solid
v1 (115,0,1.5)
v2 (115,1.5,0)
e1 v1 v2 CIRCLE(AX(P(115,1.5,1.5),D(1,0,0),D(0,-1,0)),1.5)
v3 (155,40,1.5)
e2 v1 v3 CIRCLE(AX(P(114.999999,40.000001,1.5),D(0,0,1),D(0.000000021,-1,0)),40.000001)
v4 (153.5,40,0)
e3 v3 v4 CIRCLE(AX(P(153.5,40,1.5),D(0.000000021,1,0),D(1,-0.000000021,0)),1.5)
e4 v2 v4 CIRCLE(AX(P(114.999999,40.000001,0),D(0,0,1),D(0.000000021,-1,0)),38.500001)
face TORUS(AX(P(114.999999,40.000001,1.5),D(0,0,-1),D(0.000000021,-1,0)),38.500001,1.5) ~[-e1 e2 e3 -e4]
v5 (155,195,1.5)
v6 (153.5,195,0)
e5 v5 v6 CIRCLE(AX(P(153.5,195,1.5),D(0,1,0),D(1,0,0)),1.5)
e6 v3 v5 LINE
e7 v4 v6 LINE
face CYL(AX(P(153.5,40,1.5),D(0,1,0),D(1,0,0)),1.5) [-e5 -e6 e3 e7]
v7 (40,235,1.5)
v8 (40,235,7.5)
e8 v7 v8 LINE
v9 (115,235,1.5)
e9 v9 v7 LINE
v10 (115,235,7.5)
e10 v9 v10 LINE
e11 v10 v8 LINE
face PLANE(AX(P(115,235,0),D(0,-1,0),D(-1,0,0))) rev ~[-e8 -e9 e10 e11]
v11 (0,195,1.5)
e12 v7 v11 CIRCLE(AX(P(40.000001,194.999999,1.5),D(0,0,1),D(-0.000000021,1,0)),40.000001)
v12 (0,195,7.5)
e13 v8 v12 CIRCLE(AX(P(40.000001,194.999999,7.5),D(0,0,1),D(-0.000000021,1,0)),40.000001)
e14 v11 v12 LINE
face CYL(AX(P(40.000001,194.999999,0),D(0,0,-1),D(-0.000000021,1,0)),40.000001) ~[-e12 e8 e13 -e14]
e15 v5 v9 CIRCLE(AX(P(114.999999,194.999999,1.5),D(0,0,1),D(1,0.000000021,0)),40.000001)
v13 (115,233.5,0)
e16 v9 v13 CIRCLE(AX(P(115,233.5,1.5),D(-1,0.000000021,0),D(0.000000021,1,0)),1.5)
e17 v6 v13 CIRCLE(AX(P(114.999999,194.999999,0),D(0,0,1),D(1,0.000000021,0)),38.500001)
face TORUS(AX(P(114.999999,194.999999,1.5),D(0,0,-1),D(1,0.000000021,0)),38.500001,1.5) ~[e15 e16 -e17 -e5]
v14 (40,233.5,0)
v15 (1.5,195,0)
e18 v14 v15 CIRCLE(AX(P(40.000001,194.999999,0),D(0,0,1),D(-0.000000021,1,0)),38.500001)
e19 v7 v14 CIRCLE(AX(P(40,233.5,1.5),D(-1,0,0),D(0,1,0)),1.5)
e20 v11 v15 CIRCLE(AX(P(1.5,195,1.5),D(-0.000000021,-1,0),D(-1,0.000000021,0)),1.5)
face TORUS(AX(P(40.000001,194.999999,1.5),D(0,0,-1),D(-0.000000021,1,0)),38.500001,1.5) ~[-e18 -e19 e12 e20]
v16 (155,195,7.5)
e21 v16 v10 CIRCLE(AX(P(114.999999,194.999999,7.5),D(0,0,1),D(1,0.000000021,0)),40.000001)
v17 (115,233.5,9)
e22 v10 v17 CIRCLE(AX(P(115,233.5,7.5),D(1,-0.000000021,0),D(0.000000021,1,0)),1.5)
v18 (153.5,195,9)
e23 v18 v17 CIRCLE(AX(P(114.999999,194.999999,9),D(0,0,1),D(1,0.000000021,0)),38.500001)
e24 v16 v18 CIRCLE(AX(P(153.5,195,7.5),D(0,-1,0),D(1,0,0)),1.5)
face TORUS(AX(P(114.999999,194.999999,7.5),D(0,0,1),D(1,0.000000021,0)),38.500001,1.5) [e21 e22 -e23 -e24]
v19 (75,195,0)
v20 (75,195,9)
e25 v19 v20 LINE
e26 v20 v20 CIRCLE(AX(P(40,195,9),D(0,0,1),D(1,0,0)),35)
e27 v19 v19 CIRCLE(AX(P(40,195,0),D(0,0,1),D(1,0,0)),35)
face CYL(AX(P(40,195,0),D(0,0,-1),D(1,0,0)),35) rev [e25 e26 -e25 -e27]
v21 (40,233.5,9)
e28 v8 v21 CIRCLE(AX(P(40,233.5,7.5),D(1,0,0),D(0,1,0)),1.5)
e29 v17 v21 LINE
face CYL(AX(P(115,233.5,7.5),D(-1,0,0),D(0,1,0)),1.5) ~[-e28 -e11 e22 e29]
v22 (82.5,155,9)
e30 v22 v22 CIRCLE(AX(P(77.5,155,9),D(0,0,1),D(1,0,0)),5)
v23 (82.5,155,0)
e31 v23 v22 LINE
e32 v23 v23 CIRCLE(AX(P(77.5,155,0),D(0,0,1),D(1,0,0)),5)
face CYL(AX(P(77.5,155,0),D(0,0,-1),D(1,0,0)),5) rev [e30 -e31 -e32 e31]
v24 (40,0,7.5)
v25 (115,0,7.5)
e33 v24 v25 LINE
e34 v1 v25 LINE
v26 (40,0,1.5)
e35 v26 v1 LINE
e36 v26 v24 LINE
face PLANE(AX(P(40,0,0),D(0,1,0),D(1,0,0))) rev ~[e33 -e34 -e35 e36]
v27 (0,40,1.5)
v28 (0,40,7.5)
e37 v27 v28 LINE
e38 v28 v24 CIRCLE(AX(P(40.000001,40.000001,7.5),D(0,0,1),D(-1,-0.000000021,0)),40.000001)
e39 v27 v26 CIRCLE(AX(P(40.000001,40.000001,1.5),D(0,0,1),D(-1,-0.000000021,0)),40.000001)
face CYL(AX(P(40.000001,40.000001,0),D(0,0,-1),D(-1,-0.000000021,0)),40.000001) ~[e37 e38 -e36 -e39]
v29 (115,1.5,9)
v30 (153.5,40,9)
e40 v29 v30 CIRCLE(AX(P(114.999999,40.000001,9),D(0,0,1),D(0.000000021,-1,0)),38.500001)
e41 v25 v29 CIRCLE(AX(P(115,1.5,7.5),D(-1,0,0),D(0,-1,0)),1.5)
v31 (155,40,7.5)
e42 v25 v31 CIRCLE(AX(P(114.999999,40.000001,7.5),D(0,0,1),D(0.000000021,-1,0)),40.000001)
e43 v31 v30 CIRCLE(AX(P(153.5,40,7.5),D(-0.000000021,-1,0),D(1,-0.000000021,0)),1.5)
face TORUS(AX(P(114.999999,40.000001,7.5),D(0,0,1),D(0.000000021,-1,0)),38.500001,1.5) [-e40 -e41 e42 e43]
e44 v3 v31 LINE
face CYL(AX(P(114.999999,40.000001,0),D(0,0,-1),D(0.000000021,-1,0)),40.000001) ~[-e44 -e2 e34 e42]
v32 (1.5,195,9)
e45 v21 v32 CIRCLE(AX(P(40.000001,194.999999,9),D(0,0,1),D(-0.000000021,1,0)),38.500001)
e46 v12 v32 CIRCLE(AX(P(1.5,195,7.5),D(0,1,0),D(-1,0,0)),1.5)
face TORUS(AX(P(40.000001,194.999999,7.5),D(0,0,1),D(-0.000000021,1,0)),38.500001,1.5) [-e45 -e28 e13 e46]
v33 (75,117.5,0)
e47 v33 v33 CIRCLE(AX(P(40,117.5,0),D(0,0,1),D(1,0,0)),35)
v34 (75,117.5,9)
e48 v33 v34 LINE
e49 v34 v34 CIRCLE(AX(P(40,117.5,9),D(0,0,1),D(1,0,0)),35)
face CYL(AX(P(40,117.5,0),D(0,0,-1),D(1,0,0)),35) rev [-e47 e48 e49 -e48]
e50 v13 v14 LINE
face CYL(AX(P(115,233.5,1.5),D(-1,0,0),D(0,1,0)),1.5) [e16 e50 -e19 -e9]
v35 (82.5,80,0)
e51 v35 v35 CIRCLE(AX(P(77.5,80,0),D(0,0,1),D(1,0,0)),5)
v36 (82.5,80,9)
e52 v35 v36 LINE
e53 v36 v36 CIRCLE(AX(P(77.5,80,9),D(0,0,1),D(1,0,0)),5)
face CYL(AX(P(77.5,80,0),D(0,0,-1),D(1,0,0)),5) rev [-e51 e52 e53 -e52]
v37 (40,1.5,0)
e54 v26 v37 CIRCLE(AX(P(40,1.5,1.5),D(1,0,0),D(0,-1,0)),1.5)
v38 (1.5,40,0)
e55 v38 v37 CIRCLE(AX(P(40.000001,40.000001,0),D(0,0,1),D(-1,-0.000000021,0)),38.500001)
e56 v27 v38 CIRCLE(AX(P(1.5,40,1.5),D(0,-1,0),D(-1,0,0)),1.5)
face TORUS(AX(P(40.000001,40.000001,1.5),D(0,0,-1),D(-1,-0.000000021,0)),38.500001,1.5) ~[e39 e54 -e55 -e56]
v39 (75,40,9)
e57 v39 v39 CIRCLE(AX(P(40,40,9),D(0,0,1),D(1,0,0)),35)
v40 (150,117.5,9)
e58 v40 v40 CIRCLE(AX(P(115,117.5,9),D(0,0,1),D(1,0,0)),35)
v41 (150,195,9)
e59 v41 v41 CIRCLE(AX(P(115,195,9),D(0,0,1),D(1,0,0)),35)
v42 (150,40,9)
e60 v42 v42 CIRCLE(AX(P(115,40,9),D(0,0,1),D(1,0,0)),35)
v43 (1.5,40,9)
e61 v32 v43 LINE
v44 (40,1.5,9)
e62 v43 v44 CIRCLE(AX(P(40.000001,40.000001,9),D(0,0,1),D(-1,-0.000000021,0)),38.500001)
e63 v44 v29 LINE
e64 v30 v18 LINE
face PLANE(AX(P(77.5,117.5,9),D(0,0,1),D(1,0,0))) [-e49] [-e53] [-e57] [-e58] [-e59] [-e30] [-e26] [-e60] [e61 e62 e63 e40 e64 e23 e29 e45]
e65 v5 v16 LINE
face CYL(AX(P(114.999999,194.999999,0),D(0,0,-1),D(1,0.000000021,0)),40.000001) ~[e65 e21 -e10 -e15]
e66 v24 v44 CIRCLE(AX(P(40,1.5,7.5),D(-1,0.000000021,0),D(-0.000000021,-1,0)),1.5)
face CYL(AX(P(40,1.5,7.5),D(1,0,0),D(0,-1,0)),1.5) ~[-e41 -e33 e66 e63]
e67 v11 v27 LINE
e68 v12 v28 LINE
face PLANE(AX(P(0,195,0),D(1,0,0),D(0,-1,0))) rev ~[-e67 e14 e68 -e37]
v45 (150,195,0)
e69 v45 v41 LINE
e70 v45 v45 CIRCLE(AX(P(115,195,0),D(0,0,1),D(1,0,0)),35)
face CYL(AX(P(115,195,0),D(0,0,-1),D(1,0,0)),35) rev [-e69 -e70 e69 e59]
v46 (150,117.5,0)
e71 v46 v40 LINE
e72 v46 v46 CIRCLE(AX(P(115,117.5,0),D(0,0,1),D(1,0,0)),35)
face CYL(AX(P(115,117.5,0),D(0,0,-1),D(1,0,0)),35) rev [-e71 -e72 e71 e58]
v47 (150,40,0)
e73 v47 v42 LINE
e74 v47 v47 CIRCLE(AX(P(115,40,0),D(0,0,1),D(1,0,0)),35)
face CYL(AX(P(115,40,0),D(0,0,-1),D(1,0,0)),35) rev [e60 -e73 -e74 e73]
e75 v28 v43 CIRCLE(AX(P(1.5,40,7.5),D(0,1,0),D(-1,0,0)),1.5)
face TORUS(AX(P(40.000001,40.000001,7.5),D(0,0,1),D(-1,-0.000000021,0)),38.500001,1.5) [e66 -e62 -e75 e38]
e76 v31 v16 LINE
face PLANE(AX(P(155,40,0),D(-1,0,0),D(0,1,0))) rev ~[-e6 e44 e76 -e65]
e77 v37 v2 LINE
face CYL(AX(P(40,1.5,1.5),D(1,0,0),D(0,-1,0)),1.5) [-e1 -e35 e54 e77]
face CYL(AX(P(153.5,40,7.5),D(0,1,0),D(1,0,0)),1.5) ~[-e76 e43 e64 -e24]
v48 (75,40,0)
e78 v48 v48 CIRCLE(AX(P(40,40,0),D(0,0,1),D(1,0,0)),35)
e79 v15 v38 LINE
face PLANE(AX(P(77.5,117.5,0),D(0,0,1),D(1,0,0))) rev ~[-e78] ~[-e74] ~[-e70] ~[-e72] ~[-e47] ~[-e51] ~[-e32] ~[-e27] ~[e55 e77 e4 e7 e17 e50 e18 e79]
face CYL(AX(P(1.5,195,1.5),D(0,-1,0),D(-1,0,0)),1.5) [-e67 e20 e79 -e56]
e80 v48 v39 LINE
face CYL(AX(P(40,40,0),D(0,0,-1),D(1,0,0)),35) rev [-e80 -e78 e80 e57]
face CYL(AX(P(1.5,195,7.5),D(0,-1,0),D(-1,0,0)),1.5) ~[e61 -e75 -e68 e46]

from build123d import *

# Parameters (mm, degrees)
F0_R     = 35
F0_R_2   = 5
F1_DEPTH = 9
F2_R     = 1.5


with BuildPart() as f1:
    # F0 (on Top) → F1 (new body)
    with BuildSketch(Plane.XY):
        with BuildLine():
            ThreePointArc((0, 40), (11.715729, 11.715729), (40, 0))
            Line((40, 0), (115, 0))
            ThreePointArc((115, 0), (143.284271, 11.715729), (155, 40))
            Line((155, 40), (155, 195))
            ThreePointArc((155, 195), (143.284271, 223.284271), (115, 235))
            Line((115, 235), (40, 235))
            ThreePointArc((40, 235), (11.715729, 223.284271), (0, 195))
            Line((0, 195), (0, 40))
        make_face()
        with Locations((40, 40)):
            Circle(F0_R, mode=Mode.SUBTRACT)
        with Locations((115, 40)):
            Circle(F0_R, mode=Mode.SUBTRACT)
        with Locations((77.5, 80)):
            Circle(F0_R_2, mode=Mode.SUBTRACT)
        with Locations((40, 117.5)):
            Circle(F0_R, mode=Mode.SUBTRACT)
        with Locations((40, 195)):
            Circle(F0_R, mode=Mode.SUBTRACT)
        with Locations((115, 117.5)):
            Circle(F0_R, mode=Mode.SUBTRACT)
        with Locations((77.5, 155)):
            Circle(F0_R_2, mode=Mode.SUBTRACT)
        with Locations((115, 195)):
            Circle(F0_R, mode=Mode.SUBTRACT)
    extrude(amount=F1_DEPTH)

    # F2
    f2_edges = [f1.edges().sort_by_distance(p)[0] for p in [
        (0, 117.5, 9),
        (77.5, 0, 0),
    ]]
    fillet(f2_edges, radius=F2_R)


solid = f1.part
